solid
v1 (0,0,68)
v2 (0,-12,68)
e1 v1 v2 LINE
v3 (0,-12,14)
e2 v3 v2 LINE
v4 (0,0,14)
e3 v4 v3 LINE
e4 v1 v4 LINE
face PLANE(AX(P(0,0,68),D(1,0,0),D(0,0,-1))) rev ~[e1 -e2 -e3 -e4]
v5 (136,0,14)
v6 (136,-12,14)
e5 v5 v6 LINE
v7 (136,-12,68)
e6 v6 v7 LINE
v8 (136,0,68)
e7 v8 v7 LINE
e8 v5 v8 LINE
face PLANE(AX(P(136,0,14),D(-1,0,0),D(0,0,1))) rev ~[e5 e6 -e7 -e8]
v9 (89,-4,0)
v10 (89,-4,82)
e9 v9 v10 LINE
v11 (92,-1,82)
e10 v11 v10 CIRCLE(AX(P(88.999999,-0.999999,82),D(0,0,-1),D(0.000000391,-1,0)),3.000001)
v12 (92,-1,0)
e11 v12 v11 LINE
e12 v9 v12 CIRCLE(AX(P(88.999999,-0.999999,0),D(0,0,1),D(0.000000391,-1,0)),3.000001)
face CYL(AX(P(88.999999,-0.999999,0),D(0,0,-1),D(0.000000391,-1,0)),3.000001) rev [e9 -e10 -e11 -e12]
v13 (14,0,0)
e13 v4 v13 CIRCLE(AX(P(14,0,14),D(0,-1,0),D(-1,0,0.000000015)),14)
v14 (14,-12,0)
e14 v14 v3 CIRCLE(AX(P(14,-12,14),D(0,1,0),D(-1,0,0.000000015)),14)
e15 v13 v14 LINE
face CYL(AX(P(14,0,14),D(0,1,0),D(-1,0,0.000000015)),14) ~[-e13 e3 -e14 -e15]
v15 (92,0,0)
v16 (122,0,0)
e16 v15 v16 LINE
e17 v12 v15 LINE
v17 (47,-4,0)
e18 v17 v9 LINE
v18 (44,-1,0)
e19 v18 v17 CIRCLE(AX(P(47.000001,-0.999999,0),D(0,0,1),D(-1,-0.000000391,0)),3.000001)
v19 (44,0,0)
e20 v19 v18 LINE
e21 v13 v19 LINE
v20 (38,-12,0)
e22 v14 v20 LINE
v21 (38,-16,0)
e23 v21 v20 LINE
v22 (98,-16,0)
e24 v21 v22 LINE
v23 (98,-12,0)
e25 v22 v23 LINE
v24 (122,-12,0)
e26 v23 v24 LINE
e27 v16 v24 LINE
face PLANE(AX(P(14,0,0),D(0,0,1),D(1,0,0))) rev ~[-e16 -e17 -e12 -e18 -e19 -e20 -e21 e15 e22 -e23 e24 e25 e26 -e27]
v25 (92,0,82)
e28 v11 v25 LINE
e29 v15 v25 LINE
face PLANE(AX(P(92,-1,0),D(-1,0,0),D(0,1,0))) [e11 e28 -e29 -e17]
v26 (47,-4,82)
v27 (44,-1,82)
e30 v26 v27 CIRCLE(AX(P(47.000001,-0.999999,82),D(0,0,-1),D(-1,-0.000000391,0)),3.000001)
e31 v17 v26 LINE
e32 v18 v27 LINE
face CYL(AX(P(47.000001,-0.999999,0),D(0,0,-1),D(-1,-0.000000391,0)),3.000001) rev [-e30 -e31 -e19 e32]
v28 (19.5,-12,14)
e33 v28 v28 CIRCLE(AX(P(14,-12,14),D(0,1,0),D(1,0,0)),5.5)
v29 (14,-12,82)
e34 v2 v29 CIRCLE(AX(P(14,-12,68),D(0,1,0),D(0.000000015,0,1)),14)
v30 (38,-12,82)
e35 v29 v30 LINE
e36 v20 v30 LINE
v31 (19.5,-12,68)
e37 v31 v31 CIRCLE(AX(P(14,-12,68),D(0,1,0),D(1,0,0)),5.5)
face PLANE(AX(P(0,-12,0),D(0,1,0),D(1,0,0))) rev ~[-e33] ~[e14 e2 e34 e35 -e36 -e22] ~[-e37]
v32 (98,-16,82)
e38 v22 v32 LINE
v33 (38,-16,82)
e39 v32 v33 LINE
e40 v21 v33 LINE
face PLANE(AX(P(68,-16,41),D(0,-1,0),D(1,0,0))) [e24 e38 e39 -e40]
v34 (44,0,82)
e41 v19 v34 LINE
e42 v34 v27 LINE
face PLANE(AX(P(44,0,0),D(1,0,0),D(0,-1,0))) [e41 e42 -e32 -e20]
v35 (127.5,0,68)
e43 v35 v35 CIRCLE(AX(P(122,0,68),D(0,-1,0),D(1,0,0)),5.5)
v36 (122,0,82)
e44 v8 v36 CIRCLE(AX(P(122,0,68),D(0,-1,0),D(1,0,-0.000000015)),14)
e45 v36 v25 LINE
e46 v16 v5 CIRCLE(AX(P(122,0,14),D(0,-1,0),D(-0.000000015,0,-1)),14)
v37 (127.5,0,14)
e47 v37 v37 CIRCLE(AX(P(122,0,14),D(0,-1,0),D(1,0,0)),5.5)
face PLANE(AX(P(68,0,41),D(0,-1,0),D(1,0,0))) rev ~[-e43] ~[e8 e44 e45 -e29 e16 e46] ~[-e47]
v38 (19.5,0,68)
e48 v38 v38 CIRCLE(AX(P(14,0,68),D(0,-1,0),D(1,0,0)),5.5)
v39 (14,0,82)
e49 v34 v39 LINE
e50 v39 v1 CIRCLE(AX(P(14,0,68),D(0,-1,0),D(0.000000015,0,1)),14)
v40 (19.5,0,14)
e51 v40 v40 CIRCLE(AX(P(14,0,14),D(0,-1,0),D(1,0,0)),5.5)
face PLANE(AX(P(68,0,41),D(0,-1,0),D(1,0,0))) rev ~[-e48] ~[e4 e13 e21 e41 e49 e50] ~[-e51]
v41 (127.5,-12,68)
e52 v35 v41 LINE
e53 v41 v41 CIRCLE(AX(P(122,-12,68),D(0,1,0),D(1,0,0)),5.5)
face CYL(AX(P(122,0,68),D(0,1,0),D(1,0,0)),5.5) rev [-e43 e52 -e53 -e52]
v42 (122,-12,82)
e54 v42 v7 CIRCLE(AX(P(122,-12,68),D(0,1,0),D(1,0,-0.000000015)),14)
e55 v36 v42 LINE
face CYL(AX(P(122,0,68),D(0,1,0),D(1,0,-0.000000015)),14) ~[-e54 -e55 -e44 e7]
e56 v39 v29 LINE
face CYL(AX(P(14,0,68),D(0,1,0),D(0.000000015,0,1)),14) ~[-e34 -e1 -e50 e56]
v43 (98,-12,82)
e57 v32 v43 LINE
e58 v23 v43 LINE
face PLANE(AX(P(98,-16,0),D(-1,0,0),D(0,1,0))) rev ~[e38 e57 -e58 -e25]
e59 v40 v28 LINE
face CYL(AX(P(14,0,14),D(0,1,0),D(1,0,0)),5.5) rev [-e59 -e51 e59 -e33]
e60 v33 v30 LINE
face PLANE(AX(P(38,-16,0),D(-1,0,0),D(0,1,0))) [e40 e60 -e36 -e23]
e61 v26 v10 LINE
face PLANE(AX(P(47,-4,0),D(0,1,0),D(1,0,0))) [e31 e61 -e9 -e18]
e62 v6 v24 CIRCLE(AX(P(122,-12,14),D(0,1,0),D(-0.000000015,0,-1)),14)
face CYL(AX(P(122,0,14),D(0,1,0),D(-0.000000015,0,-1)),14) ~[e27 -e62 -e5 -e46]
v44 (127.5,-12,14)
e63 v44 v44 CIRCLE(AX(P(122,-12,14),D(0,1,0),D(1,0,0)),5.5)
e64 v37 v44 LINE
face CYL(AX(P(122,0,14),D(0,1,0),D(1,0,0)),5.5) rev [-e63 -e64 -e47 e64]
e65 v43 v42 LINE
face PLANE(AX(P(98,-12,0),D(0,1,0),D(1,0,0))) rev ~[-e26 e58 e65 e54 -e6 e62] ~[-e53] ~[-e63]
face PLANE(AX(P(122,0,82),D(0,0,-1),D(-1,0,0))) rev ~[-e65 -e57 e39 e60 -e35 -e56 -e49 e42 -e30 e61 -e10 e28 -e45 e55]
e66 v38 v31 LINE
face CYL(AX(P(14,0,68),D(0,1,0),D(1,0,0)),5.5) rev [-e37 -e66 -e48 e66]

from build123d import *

# Parameters (mm, degrees)
F0_R     = 5.5
F1_DEPTH = 16
F2_W     = 38
F2_H     = 4
F3_DEPTH = 82.001
F5_DEPTH = 82.001


with BuildPart() as f1:
    # F0 (on Front) → F1 (new body)
    with BuildSketch(Plane.XZ):
        with BuildLine():
            ThreePointArc((0, 14), (4.100505, 4.100505), (14, 0))
            Line((14, 0), (122, 0))
            ThreePointArc((122, 0), (131.899495, 4.100505), (136, 14))
            Line((136, 14), (136, 68))
            ThreePointArc((136, 68), (131.899495, 77.899495), (122, 82))
            Line((122, 82), (14, 82))
            ThreePointArc((14, 82), (4.100505, 77.899495), (0, 68))
            Line((0, 68), (0, 14))
        make_face()
        with Locations((14, 14)):
            Circle(F0_R, mode=Mode.SUBTRACT)
        with Locations((122, 14)):
            Circle(F0_R, mode=Mode.SUBTRACT)
        with Locations((14, 68)):
            Circle(F0_R, mode=Mode.SUBTRACT)
        with Locations((122, 68)):
            Circle(F0_R, mode=Mode.SUBTRACT)
    extrude(amount=F1_DEPTH)

    # F2 (on Top) → F3 (cut, through all)
    with BuildSketch(Plane.XY):
        with Locations((19, -14)):
            Rectangle(F2_W, F2_H)
        with Locations((117, -14)):
            Rectangle(F2_W, F2_H)
    extrude(amount=F3_DEPTH, mode=Mode.SUBTRACT)

    # F4 (on Top) → F5 (cut, through all)
    with BuildSketch(Plane.XY):
        with BuildLine():
            Line((92, 0), (44, 0))
            Line((44, 0), (44, -1))
            ThreePointArc((44, -1), (44.87868, -3.12132), (47, -4))
            Line((47, -4), (89, -4))
            ThreePointArc((89, -4), (91.12132, -3.12132), (92, -1))
            Line((92, -1), (92, 0))
        make_face()
    extrude(amount=F5_DEPTH, mode=Mode.SUBTRACT)


solid = f1.part
